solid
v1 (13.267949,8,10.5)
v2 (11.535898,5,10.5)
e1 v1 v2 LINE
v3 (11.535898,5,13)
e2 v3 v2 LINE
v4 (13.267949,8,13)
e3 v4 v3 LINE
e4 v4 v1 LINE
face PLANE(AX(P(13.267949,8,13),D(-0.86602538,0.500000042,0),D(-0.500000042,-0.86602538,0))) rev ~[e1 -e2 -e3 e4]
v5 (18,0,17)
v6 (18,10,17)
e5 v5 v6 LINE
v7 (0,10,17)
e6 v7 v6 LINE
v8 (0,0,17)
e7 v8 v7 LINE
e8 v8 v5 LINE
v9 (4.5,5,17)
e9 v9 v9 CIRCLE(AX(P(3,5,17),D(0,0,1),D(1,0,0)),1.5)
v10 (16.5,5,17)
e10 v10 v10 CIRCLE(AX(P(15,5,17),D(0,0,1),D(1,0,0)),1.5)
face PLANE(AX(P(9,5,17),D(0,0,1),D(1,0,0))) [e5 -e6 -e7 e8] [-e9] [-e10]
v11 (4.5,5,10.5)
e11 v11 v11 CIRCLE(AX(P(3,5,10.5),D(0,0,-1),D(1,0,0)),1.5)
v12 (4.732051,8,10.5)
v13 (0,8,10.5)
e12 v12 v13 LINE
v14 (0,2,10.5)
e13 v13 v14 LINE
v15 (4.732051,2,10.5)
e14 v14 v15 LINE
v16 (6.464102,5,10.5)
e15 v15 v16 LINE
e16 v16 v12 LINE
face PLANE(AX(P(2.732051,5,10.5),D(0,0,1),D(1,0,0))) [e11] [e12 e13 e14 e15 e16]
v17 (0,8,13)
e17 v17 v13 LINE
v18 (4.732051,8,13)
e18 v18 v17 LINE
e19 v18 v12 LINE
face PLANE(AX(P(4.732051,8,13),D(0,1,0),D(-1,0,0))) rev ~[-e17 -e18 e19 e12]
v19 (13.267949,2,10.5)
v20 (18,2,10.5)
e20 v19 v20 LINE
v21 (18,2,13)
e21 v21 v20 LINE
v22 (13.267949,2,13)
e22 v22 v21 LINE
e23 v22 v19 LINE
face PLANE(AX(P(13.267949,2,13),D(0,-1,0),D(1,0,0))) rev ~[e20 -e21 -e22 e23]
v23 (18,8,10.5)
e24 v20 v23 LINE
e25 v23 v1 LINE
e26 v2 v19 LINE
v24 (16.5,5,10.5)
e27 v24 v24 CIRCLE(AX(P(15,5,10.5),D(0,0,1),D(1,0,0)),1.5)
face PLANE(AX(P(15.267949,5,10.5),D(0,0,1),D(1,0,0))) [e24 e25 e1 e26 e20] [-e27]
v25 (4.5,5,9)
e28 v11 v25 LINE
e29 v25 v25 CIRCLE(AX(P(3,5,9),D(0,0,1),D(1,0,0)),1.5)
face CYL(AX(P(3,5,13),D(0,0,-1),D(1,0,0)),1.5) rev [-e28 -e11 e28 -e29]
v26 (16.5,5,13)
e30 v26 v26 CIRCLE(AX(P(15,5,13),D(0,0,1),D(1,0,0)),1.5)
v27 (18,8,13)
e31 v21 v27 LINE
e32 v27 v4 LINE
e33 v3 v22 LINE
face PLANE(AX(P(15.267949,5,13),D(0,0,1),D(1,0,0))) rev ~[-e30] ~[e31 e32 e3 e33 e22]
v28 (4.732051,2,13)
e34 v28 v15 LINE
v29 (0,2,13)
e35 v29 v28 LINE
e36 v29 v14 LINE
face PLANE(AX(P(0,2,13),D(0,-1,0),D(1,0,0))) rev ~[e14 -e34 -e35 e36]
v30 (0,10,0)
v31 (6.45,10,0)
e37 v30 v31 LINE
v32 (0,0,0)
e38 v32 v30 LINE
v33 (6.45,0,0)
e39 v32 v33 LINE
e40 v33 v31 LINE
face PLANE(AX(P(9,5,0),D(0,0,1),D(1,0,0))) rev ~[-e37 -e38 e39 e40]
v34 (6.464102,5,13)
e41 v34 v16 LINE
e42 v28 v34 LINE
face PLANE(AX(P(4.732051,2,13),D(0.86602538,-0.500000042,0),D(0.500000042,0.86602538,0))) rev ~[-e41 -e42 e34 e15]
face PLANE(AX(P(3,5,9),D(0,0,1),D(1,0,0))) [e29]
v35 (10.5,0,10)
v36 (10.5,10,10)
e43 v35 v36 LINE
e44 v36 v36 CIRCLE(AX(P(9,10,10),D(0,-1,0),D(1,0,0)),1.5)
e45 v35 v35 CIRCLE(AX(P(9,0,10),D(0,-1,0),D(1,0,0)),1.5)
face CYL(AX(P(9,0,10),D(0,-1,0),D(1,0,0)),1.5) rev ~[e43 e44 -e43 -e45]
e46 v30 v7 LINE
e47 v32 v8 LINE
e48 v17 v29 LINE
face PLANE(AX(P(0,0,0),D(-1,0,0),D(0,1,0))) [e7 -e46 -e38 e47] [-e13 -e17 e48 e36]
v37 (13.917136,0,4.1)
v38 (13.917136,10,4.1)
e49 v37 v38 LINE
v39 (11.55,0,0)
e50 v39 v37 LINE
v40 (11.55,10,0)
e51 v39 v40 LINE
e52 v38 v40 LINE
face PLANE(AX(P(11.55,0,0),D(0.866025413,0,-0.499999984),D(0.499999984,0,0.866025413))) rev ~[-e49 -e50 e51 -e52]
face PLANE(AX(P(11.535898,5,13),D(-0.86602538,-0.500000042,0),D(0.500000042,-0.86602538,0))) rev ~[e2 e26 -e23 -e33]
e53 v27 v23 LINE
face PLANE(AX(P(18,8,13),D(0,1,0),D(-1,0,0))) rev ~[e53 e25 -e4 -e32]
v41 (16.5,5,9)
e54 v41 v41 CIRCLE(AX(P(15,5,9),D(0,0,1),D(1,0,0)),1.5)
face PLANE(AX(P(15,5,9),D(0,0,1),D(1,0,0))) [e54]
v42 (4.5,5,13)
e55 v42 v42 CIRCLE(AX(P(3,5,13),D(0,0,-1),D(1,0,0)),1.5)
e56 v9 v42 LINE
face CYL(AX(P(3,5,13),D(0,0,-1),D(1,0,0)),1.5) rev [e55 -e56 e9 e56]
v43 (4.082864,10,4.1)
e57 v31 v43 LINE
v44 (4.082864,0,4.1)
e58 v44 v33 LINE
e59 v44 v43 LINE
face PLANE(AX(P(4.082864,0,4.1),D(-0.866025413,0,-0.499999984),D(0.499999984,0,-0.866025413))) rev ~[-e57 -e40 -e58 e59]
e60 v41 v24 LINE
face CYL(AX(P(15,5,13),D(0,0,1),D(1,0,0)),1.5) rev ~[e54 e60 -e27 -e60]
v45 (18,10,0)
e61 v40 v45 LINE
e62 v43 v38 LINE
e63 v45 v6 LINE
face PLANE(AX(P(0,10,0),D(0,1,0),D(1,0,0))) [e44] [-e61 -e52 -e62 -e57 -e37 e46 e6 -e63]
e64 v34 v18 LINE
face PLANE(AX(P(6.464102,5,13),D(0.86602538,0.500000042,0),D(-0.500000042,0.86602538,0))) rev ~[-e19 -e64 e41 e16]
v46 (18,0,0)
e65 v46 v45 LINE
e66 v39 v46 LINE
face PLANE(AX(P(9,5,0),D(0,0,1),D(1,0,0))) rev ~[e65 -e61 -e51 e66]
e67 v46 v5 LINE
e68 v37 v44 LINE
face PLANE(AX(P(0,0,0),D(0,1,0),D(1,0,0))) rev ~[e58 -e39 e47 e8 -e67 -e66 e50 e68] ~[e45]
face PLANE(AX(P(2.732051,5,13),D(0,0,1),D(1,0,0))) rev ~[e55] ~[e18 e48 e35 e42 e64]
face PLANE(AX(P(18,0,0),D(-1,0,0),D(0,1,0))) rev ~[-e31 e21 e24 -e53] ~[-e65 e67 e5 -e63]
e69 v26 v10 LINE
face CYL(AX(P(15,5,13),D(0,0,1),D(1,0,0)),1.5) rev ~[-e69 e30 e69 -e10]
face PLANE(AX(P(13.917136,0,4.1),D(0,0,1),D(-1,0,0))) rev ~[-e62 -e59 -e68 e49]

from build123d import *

# Parameters (mm, degrees)
SKETCH_W        = 18
SKETCH_H        = 10
PAD_DEPTH       = 17
SKETCH009_R     = 1.5
POCKET_DEPTH    = 4
POCKET001_DEPTH = 2.5
POCKET002_DEPTH = 10.001
SKETCH012_R     = 1.5
POCKET003_DEPTH = 10.001


with BuildPart() as part:
    # Sketch → Pad (new body)
    with BuildSketch(Plane.XY):
        with Locations((9, 5)):
            Rectangle(SKETCH_W, SKETCH_H)
    extrude(amount=PAD_DEPTH)

    # Sketch009 (on DatumPlane) → Pocket (cut, symmetric)
    with BuildSketch(Plane.XY.offset(13)):
        with Locations((3, 5)):
            Circle(SKETCH009_R)
        with Locations((15, 5)):
            Circle(SKETCH009_R)
    extrude(amount=POCKET_DEPTH, both=True, mode=Mode.SUBTRACT)

    # Sketch010 (on DatumPlane) → Pocket001 (cut)
    with BuildSketch(Plane.XY.offset(13)):
        Polygon((4.732051, 2), (6.464102, 5), (4.732051, 8), (1.267949, 8), (0, 8), (0, 2), (1.267949, 2), align=None)
        Polygon((16.732051, 8), (13.267949, 8), (11.535898, 5), (13.267949, 2), (16.732051, 2), (18, 2), (18, 8), align=None)
    extrude(amount=-POCKET001_DEPTH, mode=Mode.SUBTRACT)

    # Sketch011 → Pocket002 (cut, through all)
    with BuildSketch(Plane.XZ):
        Polygon((6.45, 0), (11.55, 0), (13.917136, 4.1), (4.082864, 4.1), align=None)
    extrude(amount=-POCKET002_DEPTH, mode=Mode.SUBTRACT)

    # Sketch012 → Pocket003 (cut, through all)
    with BuildSketch(Plane.XZ):
        with Locations((9, 10)):
            Circle(SKETCH012_R)
    extrude(amount=-POCKET003_DEPTH, mode=Mode.SUBTRACT)


solid = part.part
